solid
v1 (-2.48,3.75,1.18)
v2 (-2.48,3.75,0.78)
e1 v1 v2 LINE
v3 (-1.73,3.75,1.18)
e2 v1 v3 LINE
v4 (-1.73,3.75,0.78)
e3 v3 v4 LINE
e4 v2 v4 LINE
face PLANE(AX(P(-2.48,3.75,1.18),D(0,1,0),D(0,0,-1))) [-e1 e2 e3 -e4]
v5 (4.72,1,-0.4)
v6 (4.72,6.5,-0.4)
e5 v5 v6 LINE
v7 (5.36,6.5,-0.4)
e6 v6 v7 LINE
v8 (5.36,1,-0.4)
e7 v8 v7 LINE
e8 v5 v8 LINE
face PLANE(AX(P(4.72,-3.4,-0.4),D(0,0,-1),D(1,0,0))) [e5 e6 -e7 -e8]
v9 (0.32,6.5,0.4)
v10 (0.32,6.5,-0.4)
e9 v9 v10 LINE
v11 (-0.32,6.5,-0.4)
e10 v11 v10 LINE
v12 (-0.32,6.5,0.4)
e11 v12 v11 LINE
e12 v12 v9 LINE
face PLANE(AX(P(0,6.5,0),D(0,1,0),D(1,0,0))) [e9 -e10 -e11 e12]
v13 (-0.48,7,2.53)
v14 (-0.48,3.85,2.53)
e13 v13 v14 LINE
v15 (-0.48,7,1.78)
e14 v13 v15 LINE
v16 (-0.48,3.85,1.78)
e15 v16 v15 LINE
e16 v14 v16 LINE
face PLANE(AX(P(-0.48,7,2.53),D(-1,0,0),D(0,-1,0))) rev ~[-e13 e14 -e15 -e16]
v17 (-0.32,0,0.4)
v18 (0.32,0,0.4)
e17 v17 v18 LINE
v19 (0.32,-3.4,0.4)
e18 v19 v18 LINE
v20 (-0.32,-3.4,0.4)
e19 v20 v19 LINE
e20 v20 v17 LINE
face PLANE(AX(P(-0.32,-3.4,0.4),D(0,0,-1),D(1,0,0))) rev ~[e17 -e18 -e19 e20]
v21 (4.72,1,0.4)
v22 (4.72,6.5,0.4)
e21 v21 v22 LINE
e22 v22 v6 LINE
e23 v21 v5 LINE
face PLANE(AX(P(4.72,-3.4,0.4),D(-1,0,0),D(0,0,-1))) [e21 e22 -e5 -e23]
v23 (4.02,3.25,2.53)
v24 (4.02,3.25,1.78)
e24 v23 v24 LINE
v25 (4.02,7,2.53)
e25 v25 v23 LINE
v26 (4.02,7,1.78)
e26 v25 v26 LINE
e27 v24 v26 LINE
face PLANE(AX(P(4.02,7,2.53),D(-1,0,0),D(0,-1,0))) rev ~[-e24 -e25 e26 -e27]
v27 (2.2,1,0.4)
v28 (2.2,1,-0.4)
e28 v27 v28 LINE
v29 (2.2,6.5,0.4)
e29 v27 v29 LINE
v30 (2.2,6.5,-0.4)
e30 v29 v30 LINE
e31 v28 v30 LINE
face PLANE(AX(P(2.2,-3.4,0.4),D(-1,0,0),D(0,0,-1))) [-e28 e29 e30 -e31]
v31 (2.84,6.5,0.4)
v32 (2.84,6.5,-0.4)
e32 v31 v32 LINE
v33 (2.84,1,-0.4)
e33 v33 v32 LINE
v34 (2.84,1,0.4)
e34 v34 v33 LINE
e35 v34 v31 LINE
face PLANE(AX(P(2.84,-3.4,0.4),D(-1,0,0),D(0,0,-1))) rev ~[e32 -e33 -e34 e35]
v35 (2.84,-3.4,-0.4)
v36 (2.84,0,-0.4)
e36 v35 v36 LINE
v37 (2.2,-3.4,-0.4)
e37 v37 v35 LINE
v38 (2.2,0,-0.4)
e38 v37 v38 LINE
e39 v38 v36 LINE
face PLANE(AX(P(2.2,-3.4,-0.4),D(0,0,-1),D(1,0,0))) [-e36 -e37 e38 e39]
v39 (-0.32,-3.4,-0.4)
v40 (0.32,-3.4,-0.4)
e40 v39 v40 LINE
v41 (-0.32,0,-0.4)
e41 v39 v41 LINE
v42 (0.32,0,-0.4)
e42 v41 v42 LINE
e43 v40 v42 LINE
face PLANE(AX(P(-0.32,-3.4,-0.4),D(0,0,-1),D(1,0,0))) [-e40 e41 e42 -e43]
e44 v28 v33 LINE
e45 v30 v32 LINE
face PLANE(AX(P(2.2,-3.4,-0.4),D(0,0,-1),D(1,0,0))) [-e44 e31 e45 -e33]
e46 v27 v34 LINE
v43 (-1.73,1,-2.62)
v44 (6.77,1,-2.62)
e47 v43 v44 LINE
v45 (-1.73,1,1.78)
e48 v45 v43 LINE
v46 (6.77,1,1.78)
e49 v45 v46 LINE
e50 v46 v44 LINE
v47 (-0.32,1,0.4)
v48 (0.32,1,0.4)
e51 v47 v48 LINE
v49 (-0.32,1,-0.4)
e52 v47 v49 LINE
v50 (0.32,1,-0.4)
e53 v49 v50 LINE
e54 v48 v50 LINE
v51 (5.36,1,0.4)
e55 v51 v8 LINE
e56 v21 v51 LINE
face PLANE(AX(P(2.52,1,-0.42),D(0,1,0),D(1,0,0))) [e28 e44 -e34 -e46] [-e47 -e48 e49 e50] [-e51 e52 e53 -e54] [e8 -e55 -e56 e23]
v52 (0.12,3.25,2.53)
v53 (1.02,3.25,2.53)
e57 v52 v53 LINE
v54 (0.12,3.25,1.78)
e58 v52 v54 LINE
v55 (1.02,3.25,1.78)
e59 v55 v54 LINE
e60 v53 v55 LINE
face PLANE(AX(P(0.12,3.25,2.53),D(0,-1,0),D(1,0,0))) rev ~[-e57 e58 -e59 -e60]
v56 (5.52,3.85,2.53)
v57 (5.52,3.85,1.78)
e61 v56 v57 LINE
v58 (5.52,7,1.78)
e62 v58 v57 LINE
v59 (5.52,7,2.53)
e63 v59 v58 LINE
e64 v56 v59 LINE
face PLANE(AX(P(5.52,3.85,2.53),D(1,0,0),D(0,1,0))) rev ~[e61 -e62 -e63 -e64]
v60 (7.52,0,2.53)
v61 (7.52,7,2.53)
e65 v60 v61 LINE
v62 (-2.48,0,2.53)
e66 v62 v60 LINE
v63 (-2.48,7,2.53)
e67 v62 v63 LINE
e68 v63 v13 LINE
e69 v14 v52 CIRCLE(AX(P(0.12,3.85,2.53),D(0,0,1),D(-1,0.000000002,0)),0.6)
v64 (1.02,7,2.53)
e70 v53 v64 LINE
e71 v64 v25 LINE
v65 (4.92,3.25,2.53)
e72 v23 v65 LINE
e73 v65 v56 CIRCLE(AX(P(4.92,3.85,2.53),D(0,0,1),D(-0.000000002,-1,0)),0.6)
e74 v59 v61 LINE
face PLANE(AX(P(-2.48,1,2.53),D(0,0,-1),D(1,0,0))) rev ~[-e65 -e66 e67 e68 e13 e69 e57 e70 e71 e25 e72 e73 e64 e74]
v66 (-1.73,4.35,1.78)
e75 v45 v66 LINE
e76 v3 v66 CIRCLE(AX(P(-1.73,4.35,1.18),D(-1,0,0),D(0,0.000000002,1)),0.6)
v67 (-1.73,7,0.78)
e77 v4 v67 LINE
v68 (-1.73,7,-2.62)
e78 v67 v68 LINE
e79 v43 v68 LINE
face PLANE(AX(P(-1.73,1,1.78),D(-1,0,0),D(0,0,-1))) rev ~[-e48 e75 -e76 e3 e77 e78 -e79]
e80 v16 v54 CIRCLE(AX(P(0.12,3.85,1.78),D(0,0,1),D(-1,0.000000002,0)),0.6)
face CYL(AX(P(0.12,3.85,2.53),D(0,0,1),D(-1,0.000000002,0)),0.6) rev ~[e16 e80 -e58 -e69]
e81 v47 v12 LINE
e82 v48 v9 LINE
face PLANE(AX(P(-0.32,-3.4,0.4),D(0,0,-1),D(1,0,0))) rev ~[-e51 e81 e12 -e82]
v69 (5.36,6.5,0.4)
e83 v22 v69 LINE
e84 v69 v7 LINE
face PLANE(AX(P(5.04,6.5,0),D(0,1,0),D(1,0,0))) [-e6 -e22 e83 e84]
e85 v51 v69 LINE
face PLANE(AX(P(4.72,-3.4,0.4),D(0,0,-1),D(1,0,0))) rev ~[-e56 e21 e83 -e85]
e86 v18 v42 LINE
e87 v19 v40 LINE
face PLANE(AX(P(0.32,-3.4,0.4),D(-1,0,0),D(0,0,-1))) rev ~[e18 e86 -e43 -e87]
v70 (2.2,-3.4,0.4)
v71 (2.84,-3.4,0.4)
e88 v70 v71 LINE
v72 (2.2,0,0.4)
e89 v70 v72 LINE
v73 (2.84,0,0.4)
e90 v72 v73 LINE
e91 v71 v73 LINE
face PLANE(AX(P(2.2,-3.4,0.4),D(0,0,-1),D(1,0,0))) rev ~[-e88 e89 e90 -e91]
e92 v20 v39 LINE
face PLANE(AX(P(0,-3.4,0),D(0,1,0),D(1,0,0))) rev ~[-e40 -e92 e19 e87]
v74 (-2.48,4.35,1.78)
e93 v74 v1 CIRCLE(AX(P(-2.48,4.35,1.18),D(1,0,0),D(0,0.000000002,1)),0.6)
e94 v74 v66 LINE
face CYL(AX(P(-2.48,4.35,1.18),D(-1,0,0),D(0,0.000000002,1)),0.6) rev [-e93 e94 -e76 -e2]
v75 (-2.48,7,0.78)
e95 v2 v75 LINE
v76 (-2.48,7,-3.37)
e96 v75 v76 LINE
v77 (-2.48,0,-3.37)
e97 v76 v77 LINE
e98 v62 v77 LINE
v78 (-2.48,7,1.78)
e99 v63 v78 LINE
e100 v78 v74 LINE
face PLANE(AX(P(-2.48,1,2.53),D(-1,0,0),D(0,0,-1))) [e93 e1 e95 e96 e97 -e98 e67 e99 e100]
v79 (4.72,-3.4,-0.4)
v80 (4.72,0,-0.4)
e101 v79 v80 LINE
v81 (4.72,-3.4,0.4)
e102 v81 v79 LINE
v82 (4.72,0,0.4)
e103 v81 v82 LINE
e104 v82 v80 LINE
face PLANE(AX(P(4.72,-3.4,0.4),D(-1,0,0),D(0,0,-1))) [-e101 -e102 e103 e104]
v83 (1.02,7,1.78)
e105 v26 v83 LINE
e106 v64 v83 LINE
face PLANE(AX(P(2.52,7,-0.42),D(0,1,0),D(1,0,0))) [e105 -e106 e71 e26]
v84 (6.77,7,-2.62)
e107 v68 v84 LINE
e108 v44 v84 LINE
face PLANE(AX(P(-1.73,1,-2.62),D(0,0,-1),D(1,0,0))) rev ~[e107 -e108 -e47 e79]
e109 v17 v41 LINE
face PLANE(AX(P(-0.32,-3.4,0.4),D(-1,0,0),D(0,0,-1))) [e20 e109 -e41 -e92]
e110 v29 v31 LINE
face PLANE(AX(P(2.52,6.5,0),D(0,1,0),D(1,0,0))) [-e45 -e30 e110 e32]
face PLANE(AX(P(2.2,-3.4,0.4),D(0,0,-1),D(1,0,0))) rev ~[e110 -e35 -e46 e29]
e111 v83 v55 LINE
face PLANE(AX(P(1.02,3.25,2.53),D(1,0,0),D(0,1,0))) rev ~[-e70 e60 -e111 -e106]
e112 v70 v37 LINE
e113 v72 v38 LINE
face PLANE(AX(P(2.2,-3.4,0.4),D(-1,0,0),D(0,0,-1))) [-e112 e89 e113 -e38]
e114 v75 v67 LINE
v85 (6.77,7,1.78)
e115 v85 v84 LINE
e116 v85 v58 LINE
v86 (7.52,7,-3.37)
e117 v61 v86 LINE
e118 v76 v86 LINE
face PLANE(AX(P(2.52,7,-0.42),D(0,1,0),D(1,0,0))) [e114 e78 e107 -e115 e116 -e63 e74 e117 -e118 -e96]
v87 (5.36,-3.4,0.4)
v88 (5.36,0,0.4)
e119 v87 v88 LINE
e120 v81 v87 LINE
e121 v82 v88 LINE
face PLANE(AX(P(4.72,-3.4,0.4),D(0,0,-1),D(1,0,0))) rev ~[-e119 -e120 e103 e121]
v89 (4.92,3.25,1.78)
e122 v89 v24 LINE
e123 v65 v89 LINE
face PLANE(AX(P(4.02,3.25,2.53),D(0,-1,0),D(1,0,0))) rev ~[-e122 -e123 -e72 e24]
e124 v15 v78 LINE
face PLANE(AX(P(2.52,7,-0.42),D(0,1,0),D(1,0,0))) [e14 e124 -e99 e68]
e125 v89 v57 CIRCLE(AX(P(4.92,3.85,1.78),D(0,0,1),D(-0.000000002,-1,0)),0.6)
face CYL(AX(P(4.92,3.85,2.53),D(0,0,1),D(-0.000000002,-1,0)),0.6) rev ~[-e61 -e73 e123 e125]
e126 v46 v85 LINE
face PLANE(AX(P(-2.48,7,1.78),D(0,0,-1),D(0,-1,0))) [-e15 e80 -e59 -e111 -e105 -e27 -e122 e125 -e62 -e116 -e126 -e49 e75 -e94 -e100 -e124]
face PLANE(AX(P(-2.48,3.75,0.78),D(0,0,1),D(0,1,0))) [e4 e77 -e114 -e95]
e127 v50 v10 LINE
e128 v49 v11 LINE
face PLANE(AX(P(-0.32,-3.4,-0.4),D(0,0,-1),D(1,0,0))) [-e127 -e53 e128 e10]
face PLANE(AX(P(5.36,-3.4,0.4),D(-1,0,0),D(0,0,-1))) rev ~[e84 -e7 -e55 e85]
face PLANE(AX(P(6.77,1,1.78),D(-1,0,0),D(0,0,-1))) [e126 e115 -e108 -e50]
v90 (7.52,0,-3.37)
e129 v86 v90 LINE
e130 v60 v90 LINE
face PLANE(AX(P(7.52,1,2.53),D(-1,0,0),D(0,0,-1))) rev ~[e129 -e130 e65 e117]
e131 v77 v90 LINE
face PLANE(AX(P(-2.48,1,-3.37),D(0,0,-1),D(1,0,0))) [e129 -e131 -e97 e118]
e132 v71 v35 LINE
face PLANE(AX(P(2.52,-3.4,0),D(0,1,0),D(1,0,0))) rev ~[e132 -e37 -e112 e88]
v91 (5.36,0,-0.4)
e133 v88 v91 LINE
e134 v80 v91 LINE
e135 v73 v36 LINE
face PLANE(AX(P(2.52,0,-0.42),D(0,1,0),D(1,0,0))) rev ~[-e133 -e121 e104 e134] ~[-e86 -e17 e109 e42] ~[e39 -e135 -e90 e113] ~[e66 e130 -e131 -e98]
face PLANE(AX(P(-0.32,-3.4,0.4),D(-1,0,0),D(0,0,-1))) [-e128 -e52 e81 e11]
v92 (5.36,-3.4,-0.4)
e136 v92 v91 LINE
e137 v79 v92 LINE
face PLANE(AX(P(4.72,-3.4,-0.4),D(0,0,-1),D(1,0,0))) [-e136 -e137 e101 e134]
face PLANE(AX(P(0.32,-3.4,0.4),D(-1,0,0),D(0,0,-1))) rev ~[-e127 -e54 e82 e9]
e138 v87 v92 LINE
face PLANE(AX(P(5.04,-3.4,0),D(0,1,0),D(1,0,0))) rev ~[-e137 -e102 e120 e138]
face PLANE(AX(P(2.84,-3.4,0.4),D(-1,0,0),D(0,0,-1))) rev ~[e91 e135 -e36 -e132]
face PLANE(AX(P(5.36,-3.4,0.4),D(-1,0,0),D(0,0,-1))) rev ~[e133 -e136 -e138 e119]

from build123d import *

# Parameters (mm, degrees)
CROQUIS1_W                   = 10
CROQUIS1_H                   = 5.9
CROQUIS1_W_2                 = 0.64
CROQUIS1_H_2                 = 0.8
SALIENTE_EXTRUIR1_DEPTH      = 1
CROQUIS2_W                   = 10
CROQUIS2_H                   = 5.9
CROQUIS2_W_2                 = 8.5
CROQUIS2_H_2                 = 4.4
SALIENTE_EXTRUIR2_DEPTH      = 6
CORTAR_EXTRUIR1_DEPTH        = 9
CORTAR_EXTRUIR2_DEPTH        = 2
SALIENTE_EXTRUIR3_DEPTH      = 6.5
SALIENTE_EXTRUIR3_DEPTH_BACK = 3.4
CROQUIS5_W                   = 0.64
CROQUIS5_H                   = 0.8


with BuildPart() as part:
    # Croquis1 → Saliente-Extruir1 (new body)
    with BuildSketch(Plane(origin=(0, 0, 0), x_dir=(1, 0, 0), z_dir=(0, 1, 0))):
        with Locations((2.52, 0.42)):
            Rectangle(CROQUIS1_W, CROQUIS1_H)
        Rectangle(CROQUIS1_W_2, CROQUIS1_H_2, mode=Mode.SUBTRACT)
        with Locations((5.04, 0)):
            Rectangle(CROQUIS1_W_2, CROQUIS1_H_2, mode=Mode.SUBTRACT)
        with Locations((2.52, 0)):
            Rectangle(CROQUIS1_W_2, CROQUIS1_H_2, mode=Mode.SUBTRACT)
    extrude(amount=SALIENTE_EXTRUIR1_DEPTH)

    # Croquis2 → Saliente-Extruir2 (add)
    with BuildSketch(Plane(origin=(0, 1, 0), x_dir=(1, 0, 0), z_dir=(0, 1, 0))):
        with Locations((2.52, 0.42)):
            Rectangle(CROQUIS2_W, CROQUIS2_H)
        with Locations((2.52, 0.42)):
            Rectangle(CROQUIS2_W_2, CROQUIS2_H_2, mode=Mode.SUBTRACT)
    extrude(amount=SALIENTE_EXTRUIR2_DEPTH)

    # Croquis3 → Cortar-Extruir1 (cut)
    with BuildSketch(Plane.ZY.offset(2.48)):
        with BuildLine():
            Line((1.78, 7), (1.78, 4.35))
            ThreePointArc((1.78, 4.35), (1.604264069, 3.925735931), (1.18, 3.75))
            Line((1.18, 3.75), (0.78, 3.75))
            Line((0.78, 3.75), (0.78, 7))
            Line((0.78, 7), (1.78, 7))
        make_face()
    extrude(amount=-CORTAR_EXTRUIR1_DEPTH, mode=Mode.SUBTRACT)

    # Croquis4 → Cortar-Extruir2 (cut)
    with BuildSketch(Plane.XY.offset(2.53)):
        with BuildLine():
            Line((-0.48, 7), (-0.48, 3.85))
            ThreePointArc((-0.48, 3.85), (-0.304264069, 3.425735931), (0.12, 3.25))
            Line((0.12, 3.25), (1.02, 3.25))
            Line((1.02, 3.25), (1.02, 7))
            Line((1.02, 7), (-0.48, 7))
        make_face()
        with BuildLine():
            Line((5.52, 7), (4.02, 7))
            Line((4.02, 7), (4.02, 3.25))
            Line((4.02, 3.25), (4.92, 3.25))
            ThreePointArc((4.92, 3.25), (5.344264069, 3.425735931), (5.52, 3.85))
            Line((5.52, 3.85), (5.52, 7))
        make_face()
    extrude(amount=-CORTAR_EXTRUIR2_DEPTH, mode=Mode.SUBTRACT)

    # Croquis5 → Saliente-Extruir3 (add, two sides: drawn at the far end of the back side and taken through both)
    with BuildSketch(Plane(origin=(0, 0, 0), x_dir=(1, 0, 0), z_dir=(0, 1, 0)).offset(-SALIENTE_EXTRUIR3_DEPTH_BACK)):
        with Locations((5.04, 0)):
            Rectangle(CROQUIS5_W, CROQUIS5_H)
        Rectangle(CROQUIS5_W, CROQUIS5_H)
        with Locations((2.52, 0)):
            Rectangle(CROQUIS5_W, CROQUIS5_H)
    extrude(amount=SALIENTE_EXTRUIR3_DEPTH + SALIENTE_EXTRUIR3_DEPTH_BACK)


solid = part.part
